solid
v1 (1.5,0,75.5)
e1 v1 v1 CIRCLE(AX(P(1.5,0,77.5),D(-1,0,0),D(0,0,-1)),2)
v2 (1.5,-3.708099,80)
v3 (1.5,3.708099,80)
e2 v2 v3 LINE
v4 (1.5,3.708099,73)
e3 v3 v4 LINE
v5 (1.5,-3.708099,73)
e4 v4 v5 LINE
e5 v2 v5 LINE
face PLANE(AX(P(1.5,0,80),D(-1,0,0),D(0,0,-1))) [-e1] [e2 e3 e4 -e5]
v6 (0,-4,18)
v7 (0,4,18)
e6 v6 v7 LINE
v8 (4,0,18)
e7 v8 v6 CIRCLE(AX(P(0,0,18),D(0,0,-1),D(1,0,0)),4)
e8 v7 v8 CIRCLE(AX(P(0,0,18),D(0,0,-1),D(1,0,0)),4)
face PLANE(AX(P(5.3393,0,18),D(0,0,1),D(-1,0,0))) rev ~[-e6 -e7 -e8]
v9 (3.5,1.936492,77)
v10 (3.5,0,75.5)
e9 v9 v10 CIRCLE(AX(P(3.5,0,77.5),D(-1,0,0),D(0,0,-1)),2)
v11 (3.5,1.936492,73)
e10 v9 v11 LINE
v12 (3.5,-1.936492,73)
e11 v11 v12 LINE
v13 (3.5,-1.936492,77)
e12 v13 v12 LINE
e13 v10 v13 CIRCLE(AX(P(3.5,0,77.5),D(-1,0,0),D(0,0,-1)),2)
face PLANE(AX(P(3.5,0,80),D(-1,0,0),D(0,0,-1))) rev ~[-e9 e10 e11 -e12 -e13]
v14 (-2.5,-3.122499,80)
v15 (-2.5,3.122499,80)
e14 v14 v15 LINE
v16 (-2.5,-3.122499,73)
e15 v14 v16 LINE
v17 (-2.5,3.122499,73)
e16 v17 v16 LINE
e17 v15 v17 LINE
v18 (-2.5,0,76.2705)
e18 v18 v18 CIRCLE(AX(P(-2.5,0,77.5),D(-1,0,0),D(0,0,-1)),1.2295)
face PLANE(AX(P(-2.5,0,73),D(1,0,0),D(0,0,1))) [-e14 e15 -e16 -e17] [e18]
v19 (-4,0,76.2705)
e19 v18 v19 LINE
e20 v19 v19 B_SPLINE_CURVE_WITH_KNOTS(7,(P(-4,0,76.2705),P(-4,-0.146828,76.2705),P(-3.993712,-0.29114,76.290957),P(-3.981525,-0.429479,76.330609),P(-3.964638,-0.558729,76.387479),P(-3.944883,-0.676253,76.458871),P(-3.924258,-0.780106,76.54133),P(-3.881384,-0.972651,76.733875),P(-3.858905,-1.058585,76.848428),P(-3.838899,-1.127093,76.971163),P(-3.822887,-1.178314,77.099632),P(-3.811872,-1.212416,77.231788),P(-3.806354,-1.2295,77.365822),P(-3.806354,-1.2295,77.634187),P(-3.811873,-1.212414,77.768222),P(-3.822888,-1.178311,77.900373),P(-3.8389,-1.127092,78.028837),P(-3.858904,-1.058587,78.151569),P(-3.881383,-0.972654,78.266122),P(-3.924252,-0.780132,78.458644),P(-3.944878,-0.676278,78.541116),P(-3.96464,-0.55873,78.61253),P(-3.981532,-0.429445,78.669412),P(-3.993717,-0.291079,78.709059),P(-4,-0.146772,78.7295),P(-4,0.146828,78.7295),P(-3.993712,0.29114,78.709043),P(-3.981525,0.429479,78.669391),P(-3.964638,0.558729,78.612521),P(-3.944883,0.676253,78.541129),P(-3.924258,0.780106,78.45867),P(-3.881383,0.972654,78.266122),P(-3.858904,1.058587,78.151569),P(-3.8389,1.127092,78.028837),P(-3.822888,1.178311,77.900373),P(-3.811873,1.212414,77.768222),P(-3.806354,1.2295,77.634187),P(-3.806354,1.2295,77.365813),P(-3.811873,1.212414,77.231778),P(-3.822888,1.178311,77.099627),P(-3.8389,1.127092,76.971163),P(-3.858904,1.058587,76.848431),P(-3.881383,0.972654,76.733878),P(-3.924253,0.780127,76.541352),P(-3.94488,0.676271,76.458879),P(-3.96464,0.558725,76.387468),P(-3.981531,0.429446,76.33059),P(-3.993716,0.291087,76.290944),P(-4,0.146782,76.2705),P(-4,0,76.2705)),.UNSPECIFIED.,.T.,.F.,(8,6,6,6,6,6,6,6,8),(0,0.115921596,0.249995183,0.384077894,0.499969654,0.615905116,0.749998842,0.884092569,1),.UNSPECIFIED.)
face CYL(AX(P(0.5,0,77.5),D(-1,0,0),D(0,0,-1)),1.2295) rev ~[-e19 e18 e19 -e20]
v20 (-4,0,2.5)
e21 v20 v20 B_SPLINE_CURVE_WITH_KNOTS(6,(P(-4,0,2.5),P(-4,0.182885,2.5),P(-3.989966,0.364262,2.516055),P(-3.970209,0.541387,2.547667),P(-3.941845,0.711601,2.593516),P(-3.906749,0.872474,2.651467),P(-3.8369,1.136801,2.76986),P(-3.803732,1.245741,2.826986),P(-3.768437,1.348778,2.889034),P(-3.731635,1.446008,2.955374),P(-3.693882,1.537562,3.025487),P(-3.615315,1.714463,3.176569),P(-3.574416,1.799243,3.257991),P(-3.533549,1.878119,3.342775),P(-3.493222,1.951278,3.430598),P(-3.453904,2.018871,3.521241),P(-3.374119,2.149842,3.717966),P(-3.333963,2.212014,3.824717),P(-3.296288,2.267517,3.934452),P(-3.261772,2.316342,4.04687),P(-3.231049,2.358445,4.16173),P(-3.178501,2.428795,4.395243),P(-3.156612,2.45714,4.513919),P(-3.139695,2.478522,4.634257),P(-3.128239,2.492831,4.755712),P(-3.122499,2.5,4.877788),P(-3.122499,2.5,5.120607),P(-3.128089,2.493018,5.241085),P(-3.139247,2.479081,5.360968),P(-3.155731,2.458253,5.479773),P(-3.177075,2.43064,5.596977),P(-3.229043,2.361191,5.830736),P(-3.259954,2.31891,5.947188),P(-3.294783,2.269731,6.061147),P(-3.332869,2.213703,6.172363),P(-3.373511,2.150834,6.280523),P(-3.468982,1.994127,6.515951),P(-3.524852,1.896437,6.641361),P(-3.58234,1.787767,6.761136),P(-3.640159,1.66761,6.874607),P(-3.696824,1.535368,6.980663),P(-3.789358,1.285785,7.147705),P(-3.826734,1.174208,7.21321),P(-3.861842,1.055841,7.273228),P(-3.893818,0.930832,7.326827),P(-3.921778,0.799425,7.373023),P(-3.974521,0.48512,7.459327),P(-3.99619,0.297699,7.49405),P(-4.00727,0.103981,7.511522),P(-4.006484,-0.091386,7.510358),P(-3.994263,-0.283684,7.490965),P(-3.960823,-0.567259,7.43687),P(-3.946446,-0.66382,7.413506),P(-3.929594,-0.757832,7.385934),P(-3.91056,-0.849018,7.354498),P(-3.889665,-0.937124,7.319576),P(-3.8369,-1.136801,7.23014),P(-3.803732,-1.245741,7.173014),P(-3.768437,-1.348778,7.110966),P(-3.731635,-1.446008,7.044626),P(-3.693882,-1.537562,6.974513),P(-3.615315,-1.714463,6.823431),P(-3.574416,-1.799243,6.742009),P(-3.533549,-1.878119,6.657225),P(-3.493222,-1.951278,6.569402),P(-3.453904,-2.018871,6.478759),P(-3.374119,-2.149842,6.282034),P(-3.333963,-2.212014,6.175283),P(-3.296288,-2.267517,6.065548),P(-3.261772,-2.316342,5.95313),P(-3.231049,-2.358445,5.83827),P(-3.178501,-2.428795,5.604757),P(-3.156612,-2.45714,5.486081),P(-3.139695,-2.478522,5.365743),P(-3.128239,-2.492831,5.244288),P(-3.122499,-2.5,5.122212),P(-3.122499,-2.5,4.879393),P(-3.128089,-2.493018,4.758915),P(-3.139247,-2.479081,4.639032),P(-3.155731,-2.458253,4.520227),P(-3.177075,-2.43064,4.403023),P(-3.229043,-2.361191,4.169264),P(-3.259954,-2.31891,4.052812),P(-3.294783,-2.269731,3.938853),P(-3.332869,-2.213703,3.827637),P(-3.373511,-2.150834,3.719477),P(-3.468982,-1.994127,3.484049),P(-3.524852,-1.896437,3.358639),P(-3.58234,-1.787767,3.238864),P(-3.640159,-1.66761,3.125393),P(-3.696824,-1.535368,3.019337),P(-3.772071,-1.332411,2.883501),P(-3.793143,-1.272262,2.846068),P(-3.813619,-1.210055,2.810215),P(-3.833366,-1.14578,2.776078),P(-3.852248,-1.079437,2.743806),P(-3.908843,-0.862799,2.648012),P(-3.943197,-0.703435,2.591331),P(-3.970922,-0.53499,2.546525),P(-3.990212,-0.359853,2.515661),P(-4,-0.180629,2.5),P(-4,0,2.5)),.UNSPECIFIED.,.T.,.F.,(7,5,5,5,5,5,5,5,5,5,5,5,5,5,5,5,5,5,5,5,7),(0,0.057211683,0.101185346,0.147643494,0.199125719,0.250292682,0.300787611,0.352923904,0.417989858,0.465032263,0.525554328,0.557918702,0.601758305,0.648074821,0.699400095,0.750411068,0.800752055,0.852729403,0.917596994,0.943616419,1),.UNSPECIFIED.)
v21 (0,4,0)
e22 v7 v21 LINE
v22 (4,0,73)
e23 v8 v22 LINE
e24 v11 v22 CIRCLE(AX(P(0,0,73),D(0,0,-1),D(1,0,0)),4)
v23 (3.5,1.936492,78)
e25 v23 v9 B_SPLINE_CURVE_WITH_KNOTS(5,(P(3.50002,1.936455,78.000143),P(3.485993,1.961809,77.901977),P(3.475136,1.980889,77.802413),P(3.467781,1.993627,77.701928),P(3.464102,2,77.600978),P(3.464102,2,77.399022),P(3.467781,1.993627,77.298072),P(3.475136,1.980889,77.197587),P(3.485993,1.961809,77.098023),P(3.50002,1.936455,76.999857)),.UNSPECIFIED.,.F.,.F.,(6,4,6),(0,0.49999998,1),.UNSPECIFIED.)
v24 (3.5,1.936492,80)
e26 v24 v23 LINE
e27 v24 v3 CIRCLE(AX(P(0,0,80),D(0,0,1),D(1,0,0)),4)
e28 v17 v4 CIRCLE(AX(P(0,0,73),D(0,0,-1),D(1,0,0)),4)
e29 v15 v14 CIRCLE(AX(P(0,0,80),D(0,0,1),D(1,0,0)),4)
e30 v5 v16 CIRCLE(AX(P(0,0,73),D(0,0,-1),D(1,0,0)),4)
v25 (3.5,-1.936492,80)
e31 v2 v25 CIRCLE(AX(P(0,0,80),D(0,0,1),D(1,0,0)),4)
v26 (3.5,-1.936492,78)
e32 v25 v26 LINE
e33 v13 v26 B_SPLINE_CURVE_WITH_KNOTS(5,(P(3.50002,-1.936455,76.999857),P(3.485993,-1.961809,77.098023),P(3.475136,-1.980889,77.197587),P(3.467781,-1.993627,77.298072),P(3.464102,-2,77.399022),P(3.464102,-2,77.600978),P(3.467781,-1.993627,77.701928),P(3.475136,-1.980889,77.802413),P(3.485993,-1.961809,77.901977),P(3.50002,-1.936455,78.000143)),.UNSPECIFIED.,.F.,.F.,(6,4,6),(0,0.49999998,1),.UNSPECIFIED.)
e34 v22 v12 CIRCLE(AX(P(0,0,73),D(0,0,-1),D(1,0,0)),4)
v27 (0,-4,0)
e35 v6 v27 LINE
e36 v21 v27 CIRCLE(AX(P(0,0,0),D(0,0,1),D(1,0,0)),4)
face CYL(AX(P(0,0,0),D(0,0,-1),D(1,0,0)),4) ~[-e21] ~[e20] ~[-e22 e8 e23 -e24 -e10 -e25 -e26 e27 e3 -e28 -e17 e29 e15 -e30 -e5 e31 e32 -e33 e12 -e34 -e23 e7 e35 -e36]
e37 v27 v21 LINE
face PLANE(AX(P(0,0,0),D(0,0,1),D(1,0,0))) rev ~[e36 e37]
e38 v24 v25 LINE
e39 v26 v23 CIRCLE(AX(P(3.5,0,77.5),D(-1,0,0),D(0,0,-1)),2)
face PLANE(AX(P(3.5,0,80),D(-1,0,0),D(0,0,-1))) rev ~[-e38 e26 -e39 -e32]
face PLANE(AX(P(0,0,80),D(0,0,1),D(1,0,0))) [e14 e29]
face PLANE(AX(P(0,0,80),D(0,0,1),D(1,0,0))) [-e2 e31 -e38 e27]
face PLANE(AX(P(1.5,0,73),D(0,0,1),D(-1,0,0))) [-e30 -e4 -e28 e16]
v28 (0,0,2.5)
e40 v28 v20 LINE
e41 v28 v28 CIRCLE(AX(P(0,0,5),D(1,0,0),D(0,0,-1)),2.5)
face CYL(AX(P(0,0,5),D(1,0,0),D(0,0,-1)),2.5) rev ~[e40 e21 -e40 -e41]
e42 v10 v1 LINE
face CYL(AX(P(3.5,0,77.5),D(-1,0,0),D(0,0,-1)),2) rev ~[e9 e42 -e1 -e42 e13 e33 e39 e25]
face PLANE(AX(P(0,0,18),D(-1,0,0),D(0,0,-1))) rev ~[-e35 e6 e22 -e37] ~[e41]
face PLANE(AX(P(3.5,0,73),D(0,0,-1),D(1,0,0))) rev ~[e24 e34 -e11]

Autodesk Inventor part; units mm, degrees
ref_plane "YZ Plane" through (0, 0, 0) normal (1, 0, 0) x (0, 1, 0)
ref_plane "XZ Plane" through (0, 0, 0) normal (0, 1, 0) x (-1, 0, 0)
ref_plane "XY Plane" through (0, 0, 0) normal (0, 0, 1) x (1, 0, 0)
sketch "Sketch1" plane through (0, 0, 0) normal (0, 0, 1) x (1, 0, 0)
  circle A0 centre (0, 0) radius 4
  dimension "d0" = 8
extrude "Extrusion1" add sketch "Sketch1" along normal blind 80
sketch "Sketch2" plane through (0, 0, 0) normal (0, 1, 0) x (-1, 0, 0)
  line L0 (0, 0) -> (-5.3393, 0)
  line L1 (-5.3393, 0) -> (-5.3393, 18)
  line L2 (-5.3393, 18) -> (0, 18)
  line L3 (0, 18) -> (0, 0)
  line L4 (2.5, 80) -> (-1.5, 80)
  line L5 (-1.5, 80) -> (-1.5, 73)
  line L6 (-1.5, 73) -> (2.5, 73)
  line L7 (2.5, 73) -> (2.5, 80)
  line L8 (4, 80) -> (-4, 80) construction
  line L9 (-4, 80) -> (-3.5, 80)
  line L10 (-3.5, 80) -> (-3.5, 73)
  line L11 (-3.5, 73) -> (-4, 73)
  line L12 (-4, 73) -> (-4, 80)
  point P0 (-3.75, 73)
  dimension "d3" = 4
  dimension "d4" = 7
  dimension "d5" = 2.5
  dimension "d6" = 18
  dimension "d9" = 2
extrude "Extrusion2" cut sketch "Sketch2" along normal through all both and the other way through all
sketch "Sketch3" plane through (3.5, -1.9365, 73) normal (1, 0, 0) x (0, 0, -1)
  circle A0 centre (-4.5, 1.9365) radius 1.5
  line L0 (-7, 0) -> (-7, 3.873) projected
  point P0 (73, 1.9365)
  point P1 (-7, 1.9365)
  dimension "d10" = 3
  dimension "d11" = 2.5
hole "Hole1" at (3.5, 0, 77.5) direction (-1, 0, 0) diameter 2.459 end through all counterbore diameter 4 counterbore depth 3 thread size "M3x0.5" class "6H" standard "ISO Metric profile"
sketch "Sketch4" plane through (0, -4, 18) normal (1, 0, 0) x (0, 0, -1)
  circle A0 centre (13, 4) radius 2.5
  line L0 (18, 8) -> (18, 0) projected
  point P0 (18, 4)
  dimension "d19" = 5
  dimension "d22" = 5
extrude "Extrusion3" cut sketch "Sketch4" against normal through all
properties part number "Servo_Strut" material "Steel, Carbon"
